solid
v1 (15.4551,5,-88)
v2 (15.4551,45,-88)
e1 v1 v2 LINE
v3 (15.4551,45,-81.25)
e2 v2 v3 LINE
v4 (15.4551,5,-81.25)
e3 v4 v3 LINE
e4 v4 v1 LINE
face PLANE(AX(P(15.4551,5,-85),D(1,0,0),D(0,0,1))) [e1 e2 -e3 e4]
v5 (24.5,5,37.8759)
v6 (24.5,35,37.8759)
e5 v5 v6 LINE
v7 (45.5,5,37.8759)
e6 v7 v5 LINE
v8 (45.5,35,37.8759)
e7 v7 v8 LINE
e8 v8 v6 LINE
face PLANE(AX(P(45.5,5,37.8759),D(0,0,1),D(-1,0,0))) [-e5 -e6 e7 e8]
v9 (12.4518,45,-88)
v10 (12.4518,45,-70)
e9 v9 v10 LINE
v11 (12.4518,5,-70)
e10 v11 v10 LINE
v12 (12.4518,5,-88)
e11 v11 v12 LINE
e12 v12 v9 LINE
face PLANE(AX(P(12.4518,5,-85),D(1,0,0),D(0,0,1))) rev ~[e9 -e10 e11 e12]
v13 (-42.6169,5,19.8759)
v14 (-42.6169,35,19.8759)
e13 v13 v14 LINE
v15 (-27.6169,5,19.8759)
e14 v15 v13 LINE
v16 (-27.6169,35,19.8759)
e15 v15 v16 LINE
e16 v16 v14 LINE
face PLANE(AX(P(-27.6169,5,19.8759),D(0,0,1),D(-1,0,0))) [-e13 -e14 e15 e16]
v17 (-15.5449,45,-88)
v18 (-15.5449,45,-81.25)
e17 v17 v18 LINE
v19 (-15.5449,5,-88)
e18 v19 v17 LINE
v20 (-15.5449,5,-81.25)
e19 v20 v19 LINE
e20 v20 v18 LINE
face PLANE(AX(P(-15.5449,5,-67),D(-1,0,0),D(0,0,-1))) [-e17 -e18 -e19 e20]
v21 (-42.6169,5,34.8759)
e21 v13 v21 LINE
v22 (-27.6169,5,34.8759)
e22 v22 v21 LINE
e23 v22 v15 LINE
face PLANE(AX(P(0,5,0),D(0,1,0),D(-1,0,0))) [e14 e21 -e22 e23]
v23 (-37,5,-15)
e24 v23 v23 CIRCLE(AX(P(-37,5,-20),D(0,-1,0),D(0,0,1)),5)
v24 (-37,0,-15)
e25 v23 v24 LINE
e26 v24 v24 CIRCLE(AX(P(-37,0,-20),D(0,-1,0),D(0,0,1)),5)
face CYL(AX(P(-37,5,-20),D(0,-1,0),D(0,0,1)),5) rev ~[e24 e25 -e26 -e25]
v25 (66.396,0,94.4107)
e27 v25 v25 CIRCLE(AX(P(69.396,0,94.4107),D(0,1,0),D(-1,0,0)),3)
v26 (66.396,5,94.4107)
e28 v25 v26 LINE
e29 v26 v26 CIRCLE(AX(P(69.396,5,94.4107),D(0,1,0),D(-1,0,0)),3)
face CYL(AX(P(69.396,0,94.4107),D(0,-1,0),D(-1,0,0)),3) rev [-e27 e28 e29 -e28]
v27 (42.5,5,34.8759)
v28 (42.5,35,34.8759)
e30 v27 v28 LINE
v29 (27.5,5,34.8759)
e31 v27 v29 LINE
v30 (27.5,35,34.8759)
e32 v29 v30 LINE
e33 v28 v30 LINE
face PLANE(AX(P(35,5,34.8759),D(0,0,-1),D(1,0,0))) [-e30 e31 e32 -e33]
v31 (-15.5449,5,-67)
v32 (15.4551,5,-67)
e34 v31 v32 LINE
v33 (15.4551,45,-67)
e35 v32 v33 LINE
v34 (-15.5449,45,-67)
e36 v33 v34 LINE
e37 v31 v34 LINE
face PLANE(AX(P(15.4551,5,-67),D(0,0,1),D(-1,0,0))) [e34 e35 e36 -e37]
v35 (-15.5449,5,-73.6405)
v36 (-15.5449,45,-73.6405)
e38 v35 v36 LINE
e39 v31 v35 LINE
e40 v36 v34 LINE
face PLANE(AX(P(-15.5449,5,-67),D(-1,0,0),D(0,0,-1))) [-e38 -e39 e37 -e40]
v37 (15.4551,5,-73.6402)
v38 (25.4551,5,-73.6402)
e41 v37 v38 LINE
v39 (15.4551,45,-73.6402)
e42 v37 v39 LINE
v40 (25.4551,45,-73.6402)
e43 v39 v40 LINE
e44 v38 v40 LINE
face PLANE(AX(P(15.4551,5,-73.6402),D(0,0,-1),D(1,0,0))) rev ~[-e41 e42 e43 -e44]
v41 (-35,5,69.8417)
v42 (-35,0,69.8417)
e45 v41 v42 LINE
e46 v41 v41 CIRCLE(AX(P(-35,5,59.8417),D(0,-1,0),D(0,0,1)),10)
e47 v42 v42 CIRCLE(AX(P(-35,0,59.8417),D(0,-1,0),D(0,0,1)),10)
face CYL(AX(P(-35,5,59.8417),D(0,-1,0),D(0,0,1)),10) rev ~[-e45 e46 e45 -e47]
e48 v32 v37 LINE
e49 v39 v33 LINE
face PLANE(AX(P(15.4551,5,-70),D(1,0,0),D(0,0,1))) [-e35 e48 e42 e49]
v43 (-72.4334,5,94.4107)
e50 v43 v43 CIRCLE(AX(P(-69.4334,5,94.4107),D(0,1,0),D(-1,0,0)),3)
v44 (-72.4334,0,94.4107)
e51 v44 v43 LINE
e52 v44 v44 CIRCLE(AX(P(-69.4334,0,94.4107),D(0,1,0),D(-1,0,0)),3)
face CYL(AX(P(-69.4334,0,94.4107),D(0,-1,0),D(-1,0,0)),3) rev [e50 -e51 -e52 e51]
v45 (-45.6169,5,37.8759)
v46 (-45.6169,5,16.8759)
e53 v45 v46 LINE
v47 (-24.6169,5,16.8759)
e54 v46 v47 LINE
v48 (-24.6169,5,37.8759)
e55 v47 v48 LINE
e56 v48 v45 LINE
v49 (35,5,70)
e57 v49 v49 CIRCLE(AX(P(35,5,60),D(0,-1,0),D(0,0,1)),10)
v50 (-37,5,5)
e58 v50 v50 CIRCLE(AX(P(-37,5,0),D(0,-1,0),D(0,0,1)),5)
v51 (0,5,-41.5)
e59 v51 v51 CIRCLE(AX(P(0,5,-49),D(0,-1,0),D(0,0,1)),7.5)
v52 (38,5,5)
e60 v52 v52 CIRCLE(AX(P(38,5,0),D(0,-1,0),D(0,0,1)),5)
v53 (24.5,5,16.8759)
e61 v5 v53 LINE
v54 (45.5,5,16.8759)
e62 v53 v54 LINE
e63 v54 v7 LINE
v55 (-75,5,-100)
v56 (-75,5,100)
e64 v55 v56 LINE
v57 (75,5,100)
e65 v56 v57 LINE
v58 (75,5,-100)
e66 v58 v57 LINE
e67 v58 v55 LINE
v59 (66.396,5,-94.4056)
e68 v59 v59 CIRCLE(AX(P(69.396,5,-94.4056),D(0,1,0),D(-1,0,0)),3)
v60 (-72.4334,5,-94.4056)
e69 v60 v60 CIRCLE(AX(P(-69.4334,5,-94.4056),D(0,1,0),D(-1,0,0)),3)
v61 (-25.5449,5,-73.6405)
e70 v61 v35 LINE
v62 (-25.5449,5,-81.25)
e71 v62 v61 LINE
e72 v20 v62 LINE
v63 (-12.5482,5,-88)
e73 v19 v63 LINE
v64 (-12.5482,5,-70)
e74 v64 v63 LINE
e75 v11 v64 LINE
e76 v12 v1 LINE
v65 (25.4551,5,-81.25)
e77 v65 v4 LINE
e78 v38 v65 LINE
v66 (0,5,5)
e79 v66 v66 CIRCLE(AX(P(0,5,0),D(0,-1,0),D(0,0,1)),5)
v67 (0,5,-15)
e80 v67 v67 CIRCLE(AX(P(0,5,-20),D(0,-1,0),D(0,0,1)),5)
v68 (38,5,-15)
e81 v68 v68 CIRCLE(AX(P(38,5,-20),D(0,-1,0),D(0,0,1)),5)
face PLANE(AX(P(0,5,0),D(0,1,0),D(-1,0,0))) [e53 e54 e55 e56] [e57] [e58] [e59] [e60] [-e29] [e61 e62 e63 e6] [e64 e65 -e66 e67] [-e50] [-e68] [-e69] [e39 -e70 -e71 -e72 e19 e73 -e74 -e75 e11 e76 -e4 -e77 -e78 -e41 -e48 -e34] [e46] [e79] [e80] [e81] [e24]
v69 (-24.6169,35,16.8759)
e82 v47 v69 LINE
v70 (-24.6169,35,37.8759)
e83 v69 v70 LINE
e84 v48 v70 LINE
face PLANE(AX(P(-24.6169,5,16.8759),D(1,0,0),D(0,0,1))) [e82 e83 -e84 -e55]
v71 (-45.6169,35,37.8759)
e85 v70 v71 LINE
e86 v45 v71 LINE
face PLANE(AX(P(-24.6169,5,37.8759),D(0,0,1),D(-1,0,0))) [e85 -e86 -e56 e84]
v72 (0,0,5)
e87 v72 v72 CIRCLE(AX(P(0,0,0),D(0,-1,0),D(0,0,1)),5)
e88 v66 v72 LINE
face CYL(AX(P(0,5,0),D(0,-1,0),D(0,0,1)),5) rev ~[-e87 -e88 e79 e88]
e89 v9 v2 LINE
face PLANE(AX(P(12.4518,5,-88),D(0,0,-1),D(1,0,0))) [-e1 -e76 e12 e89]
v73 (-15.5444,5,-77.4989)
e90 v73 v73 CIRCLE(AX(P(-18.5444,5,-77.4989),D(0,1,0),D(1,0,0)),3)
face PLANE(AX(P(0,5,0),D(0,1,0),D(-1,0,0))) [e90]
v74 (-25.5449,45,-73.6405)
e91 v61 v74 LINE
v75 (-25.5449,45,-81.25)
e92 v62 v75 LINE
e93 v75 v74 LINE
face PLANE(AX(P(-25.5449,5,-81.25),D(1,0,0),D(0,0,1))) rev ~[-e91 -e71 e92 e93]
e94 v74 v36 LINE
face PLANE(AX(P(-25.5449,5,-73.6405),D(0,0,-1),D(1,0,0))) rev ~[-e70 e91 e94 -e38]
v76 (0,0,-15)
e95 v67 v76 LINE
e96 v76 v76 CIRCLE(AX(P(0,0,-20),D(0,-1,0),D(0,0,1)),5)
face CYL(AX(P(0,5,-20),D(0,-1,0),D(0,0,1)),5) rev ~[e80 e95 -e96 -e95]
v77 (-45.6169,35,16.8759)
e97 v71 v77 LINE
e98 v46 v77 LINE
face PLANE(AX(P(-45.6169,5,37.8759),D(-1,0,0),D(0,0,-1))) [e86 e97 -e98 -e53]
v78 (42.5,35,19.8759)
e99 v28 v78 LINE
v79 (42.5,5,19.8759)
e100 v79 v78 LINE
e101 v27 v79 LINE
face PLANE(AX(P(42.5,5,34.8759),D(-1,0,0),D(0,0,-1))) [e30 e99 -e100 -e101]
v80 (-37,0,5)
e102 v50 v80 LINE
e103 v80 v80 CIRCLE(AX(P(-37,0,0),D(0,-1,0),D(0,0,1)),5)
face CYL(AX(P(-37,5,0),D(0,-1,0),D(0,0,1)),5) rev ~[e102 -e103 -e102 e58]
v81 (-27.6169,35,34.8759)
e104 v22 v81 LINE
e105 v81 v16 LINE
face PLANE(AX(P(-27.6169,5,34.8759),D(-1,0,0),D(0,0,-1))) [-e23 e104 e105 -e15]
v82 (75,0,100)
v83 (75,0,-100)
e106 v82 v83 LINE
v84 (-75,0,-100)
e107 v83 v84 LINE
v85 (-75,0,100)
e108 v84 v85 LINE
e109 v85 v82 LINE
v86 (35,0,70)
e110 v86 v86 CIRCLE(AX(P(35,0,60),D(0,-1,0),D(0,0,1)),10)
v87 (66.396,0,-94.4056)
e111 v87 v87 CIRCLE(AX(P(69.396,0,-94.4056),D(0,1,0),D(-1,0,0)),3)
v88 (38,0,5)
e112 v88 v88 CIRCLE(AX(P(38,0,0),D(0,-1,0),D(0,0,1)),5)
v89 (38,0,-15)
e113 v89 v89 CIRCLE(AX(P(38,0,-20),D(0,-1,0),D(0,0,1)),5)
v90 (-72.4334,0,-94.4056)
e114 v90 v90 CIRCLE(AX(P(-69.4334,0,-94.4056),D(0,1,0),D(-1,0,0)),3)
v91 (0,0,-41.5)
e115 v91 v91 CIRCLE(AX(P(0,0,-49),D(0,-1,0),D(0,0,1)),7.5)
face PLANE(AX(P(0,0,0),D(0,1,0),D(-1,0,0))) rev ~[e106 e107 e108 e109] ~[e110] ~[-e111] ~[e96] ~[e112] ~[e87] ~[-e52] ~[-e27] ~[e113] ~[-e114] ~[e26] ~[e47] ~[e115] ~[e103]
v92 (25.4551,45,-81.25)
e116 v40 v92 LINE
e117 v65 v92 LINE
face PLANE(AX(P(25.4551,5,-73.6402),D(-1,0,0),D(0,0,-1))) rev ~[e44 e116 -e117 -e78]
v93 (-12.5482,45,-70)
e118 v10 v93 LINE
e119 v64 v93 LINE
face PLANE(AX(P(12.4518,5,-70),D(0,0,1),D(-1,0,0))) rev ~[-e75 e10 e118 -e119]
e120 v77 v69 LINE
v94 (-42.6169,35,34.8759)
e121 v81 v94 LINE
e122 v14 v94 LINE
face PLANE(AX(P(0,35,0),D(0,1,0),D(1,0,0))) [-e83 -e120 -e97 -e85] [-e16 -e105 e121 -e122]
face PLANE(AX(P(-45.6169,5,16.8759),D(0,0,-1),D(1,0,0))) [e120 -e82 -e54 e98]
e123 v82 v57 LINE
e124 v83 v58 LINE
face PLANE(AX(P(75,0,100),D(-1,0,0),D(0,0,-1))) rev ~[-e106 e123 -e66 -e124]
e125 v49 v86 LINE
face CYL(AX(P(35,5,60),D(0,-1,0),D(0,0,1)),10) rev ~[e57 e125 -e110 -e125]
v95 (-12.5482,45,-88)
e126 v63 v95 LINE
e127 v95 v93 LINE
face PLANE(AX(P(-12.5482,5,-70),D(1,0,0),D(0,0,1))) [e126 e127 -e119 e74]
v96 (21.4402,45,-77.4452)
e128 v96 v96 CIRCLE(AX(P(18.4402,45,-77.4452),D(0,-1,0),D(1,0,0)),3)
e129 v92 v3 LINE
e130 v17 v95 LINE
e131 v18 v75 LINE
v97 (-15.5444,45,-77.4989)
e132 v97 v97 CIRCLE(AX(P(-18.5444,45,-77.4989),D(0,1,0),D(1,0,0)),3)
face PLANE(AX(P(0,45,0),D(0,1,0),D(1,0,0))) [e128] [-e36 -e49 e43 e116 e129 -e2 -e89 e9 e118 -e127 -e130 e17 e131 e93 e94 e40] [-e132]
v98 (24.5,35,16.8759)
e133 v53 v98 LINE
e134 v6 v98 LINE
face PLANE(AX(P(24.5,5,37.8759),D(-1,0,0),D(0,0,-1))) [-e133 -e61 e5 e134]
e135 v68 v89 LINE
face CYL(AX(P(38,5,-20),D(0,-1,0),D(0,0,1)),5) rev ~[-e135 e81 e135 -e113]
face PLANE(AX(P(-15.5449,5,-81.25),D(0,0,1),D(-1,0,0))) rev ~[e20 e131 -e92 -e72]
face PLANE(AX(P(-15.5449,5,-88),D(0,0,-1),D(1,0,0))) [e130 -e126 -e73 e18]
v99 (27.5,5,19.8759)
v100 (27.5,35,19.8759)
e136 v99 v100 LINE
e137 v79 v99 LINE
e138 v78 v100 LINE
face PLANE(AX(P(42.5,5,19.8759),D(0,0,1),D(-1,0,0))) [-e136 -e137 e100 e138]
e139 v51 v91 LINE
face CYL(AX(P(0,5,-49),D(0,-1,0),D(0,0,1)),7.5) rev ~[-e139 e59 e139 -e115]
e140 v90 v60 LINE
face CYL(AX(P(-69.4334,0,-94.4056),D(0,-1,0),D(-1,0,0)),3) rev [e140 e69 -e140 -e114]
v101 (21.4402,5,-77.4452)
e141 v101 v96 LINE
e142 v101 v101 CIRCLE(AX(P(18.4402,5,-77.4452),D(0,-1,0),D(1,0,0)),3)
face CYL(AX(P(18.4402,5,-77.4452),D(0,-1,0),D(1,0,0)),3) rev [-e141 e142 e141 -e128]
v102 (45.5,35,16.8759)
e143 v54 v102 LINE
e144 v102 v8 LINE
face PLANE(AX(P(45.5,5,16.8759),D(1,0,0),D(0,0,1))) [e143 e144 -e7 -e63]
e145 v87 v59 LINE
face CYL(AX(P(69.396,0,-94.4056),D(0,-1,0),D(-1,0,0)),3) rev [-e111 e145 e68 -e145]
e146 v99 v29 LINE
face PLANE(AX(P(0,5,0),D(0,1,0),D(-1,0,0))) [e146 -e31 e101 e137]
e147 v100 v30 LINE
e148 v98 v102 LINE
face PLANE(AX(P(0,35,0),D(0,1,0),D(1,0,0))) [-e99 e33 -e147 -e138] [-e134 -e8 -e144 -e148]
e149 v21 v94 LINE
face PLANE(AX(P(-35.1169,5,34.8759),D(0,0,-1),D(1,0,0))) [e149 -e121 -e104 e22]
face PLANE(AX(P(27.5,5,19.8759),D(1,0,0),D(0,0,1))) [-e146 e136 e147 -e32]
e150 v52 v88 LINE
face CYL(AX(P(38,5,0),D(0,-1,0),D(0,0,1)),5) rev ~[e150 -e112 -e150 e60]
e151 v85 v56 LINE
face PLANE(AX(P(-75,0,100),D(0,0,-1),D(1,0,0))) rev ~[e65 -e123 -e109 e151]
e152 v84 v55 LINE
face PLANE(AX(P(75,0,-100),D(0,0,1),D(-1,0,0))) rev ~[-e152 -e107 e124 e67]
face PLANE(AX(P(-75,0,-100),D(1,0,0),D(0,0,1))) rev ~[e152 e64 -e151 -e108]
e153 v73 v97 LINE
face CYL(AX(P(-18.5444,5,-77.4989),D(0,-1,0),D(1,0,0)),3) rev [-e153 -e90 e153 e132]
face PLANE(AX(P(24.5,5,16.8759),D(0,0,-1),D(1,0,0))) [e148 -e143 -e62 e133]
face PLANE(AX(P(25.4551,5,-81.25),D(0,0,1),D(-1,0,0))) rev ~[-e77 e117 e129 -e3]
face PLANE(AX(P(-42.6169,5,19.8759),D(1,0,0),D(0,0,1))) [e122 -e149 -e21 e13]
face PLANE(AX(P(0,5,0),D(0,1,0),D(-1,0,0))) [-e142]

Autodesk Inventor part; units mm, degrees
ref_plane "YZ Plane" through (0, 0, 0) normal (1, 0, 0) x (0, 1, 0)
ref_plane "XZ Plane" through (0, 0, 0) normal (0, 1, 0) x (-1, 0, 0)
ref_plane "XY Plane" through (0, 0, 0) normal (0, 0, 1) x (1, 0, 0)
sketch "Sketch1" plane through (0, 0, 0) normal (0, 1, 0) x (-1, 0, 0)
  line L0 (-75, 0) -> (-75, -100)
  line L1 (-75, -100) -> (75, -100)
  line L2 (75, -100) -> (75, 100)
  line L3 (75, 100) -> (-75, 100)
  line L4 (-75, 100) -> (-75, 0)
  circle A0 centre (69.4334, -94.4056) radius 3
  circle A1 centre (-69.396, -94.4056) radius 3
  circle A2 centre (-69.396, 94.4107) radius 3
  circle A3 centre (69.4334, 94.4107) radius 3
  point P0 (0, 0)
  dimension "d3" = 150
  dimension "d4" = 200
  dimension "d5" = 6
  dimension "d8" = 6
  dimension "d10" = 6
  dimension "d12" = 6
extrude "Extrusion1" add sketch "Sketch1" along normal blind 5
sketch "Sketch2" plane through (0, 5, 0) normal (0, 1, 0) x (1, 0, 0)
  circle A0 centre (-34.9985, -59.8752) radius 10
  circle A1 centre (35, -59.8759) radius 10
  line L0 (-35.1169, -34.8759) -> (-27.6169, -34.8759)
  line L1 (-27.6169, -34.8759) -> (-27.6169, -19.8759)
  line L2 (-27.6169, -19.8759) -> (-42.6169, -19.8759)
  line L3 (-42.6169, -19.8759) -> (-42.6169, -34.8759)
  line L4 (-42.6169, -34.8759) -> (-35.1169, -34.8759)
  line L5 (-27.6169, -37.8759) -> (-45.6169, -37.8759)
  line L6 (-45.6169, -37.8759) -> (-45.6169, -16.8759)
  line L7 (-45.6169, -16.8759) -> (-24.6169, -16.8759)
  line L8 (-24.6169, -16.8759) -> (-24.6169, -37.8759)
  line L9 (-24.6169, -37.8759) -> (-27.6169, -37.8759)
  line L10 (35, -34.8759) -> (42.5, -34.8759)
  line L11 (42.5, -34.8759) -> (42.5, -19.8759)
  line L12 (42.5, -19.8759) -> (27.5, -19.8759)
  line L13 (27.5, -19.8759) -> (27.5, -34.8759)
  line L14 (27.5, -34.8759) -> (35, -34.8759)
  line L15 (42.5, -37.8759) -> (24.5, -37.8759)
  line L16 (24.5, -37.8759) -> (24.5, -16.8759)
  line L17 (24.5, -16.8759) -> (45.5, -16.8759)
  line L18 (45.5, -16.8759) -> (45.5, -37.8759)
  line L19 (45.5, -37.8759) -> (42.5, -37.8759)
  line L20 (0, 85) -> (12.4518, 85)
  line L21 (12.4518, 85) -> (12.4518, 70)
  line L22 (12.4518, 70) -> (-12.5482, 70)
  line L23 (-12.5482, 70) -> (-12.5482, 85)
  line L24 (-12.5482, 85) -> (-0.0482, 85)
  line L25 (-12.5482, 85) -> (-12.5482, 77.5)
  circle A2 centre (-0.0482, 20) radius 6.5
  circle A3 centre (38, 20) radius 6.5
  line L26 (-75, 20) -> (-45, 20)
  circle A4 centre (-38.8669, 20) radius 6.5
  line L27 (12.4518, 67) -> (-15.5449, 67)
  line L28 (-15.5449, 67) -> (-15.5449, 88)
  line L29 (-15.5449, 88) -> (15.4551, 88)
  line L30 (15.4551, 88) -> (15.4551, 67)
  line L31 (15.4551, 67) -> (12.4518, 67)
  circle A5 centre (-18.5444, 77.4989) radius 3
  line L32 (-15.5449, 81.25) -> (-25.5449, 81.25)
  line L33 (-25.5449, 81.25) -> (-25.5449, 73.6405)
  line L34 (-25.5449, 73.6405) -> (-15.5449, 73.6405)
  circle A6 centre (18.4402, 77.4452) radius 3
  line L35 (15.4551, 73.6402) -> (25.4551, 73.6402)
  line L36 (25.4551, 73.6402) -> (25.4551, 81.25)
  line L37 (25.4551, 81.25) -> (15.4551, 81.25)
  line L38 (-12.5482, 85) -> (-15.5449, 85)
  line L39 (12.4518, 85) -> (15.4551, 85)
  line L40 (-12.5482, 85) -> (-12.5482, 88)
  line L41 (-12.5482, 70) -> (-12.5482, 67)
  line L42 (12.4518, 85) -> (12.4518, 88)
  line L43 (12.4518, 70) -> (12.4518, 67)
  line L44 (12.4518, 70) -> (15.4551, 70)
  line L45 (-12.5482, 70) -> (-15.5449, 70)
  point P0 (0, 0)
  point P1 (15.4551, 77.1464)
  point P2 (15.4551, 77.7441)
  point P3 (-15.5449, 77.5524)
  point P4 (-15.5449, 77.4455)
  dimension "d18" = 20
  dimension "d22" = 20
  dimension "d31" = 15
  dimension "d32" = 15
  dimension "d35" = 21
  dimension "d36" = 21
  dimension "d39" = 15
  dimension "d40" = 15
  dimension "d42" = 21
  dimension "d45" = 15
  dimension "d46" = 25
  dimension "d53" = 13
  dimension "d54" = 13
  dimension "d56" = 30
  dimension "d57" = 13
  dimension "d60" = 21
  dimension "d61" = 31
  dimension "d62" = 6
  dimension "d64" = 10
  dimension "d67" = 6
  dimension "d69" = 10
extrude "Extrusion2" add sketch "Sketch2" along normal blind 40 contours L42 L29 L30 L39
extrude "Extrusion3" add sketch "Sketch2" along normal blind 40 contours L39 L30 A6 L44 L21
extrude "Extrusion4" add sketch "Sketch2" along normal blind 40 contours L40 L38 L28 L29
extrude "Extrusion5" add sketch "Sketch2" along normal blind 40 contours L45 L28 L38 L23
extrude "Extrusion6" add sketch "Sketch2" along normal blind 40 contours L41 L27 L28 L45
extrude "Extrusion7" add sketch "Sketch2" along normal blind 40 contours L43 L27 L41 L22
extrude "Extrusion8" add sketch "Sketch2" along normal blind 40 contours L44 L30 L31 L43
extrude "Extrusion9" add sketch "Sketch2" along normal blind 40 contours L37 L36 L35 L30 A6
extrude "Extrusion10" add sketch "Sketch2" along normal blind 40 contours L34 L33 L32 L28
extrude "Extrusion11" add sketch "Sketch2" along normal blind 30 contours L5 L6 L7 L8 L9
extrude "Extrusion12" add sketch "Sketch2" along normal blind 30 contours L15 L16 L17 L18 L19
sketch "Sketch3" plane through (0, 5, 0) normal (0, 1, 0) x (1, 0, 0)
  circle A0 centre (-35, -59.8417) radius 10
  circle A1 centre (35, -60) radius 10
  circle A2 centre (0, 20) radius 5
  circle A3 centre (38, 20) radius 5
  circle A4 centre (-37, 20) radius 5
  circle A5 centre (0, 0) radius 5
  circle A6 centre (38, 0) radius 5
  circle A7 centre (-37, 0) radius 5
  dimension "d94" = 20
  dimension "d95" = 20
  dimension "d101" = 10
  dimension "d103" = 10
  dimension "d104" = 10
  dimension "d106" = 10
  dimension "d107" = 10
  dimension "d108" = 10
hole "Hole1" at (-35, 5, 59.8417) direction (0, -1, 0) diameter 20 end through all
hole "Hole2" at (35, 5, 60) direction (0, -1, 0) diameter 20 end through all
hole "Hole3" at (-37, 5, 0) direction (0, -1, 0) diameter 10 end through all
hole "Hole4" at (-37, 5, -20) direction (0, -1, 0) diameter 10 end through all
hole "Hole5" at (0, 5, -20) direction (0, -1, 0) diameter 10 end through all
hole "Hole6" at (0, 5, 0) direction (0, -1, 0) diameter 10 end through all
hole "Hole7" at (38, 5, -20) direction (0, -1, 0) diameter 10 end through all
hole "Hole8" at (38, 5, 0) direction (0, -1, 0) diameter 10 end through all
sketch "Sketch4" plane through (0, 5, 0) normal (0, 1, 0) x (1, 0, 0)
  circle A0 centre (0, 49) radius 7.5
  point P0 (0, 0)
  dimension "d166" = 15
hole "Hole9" at (0, 5, -49) direction (0, -1, 0) diameter 15 end through all
properties part number "Lock"
